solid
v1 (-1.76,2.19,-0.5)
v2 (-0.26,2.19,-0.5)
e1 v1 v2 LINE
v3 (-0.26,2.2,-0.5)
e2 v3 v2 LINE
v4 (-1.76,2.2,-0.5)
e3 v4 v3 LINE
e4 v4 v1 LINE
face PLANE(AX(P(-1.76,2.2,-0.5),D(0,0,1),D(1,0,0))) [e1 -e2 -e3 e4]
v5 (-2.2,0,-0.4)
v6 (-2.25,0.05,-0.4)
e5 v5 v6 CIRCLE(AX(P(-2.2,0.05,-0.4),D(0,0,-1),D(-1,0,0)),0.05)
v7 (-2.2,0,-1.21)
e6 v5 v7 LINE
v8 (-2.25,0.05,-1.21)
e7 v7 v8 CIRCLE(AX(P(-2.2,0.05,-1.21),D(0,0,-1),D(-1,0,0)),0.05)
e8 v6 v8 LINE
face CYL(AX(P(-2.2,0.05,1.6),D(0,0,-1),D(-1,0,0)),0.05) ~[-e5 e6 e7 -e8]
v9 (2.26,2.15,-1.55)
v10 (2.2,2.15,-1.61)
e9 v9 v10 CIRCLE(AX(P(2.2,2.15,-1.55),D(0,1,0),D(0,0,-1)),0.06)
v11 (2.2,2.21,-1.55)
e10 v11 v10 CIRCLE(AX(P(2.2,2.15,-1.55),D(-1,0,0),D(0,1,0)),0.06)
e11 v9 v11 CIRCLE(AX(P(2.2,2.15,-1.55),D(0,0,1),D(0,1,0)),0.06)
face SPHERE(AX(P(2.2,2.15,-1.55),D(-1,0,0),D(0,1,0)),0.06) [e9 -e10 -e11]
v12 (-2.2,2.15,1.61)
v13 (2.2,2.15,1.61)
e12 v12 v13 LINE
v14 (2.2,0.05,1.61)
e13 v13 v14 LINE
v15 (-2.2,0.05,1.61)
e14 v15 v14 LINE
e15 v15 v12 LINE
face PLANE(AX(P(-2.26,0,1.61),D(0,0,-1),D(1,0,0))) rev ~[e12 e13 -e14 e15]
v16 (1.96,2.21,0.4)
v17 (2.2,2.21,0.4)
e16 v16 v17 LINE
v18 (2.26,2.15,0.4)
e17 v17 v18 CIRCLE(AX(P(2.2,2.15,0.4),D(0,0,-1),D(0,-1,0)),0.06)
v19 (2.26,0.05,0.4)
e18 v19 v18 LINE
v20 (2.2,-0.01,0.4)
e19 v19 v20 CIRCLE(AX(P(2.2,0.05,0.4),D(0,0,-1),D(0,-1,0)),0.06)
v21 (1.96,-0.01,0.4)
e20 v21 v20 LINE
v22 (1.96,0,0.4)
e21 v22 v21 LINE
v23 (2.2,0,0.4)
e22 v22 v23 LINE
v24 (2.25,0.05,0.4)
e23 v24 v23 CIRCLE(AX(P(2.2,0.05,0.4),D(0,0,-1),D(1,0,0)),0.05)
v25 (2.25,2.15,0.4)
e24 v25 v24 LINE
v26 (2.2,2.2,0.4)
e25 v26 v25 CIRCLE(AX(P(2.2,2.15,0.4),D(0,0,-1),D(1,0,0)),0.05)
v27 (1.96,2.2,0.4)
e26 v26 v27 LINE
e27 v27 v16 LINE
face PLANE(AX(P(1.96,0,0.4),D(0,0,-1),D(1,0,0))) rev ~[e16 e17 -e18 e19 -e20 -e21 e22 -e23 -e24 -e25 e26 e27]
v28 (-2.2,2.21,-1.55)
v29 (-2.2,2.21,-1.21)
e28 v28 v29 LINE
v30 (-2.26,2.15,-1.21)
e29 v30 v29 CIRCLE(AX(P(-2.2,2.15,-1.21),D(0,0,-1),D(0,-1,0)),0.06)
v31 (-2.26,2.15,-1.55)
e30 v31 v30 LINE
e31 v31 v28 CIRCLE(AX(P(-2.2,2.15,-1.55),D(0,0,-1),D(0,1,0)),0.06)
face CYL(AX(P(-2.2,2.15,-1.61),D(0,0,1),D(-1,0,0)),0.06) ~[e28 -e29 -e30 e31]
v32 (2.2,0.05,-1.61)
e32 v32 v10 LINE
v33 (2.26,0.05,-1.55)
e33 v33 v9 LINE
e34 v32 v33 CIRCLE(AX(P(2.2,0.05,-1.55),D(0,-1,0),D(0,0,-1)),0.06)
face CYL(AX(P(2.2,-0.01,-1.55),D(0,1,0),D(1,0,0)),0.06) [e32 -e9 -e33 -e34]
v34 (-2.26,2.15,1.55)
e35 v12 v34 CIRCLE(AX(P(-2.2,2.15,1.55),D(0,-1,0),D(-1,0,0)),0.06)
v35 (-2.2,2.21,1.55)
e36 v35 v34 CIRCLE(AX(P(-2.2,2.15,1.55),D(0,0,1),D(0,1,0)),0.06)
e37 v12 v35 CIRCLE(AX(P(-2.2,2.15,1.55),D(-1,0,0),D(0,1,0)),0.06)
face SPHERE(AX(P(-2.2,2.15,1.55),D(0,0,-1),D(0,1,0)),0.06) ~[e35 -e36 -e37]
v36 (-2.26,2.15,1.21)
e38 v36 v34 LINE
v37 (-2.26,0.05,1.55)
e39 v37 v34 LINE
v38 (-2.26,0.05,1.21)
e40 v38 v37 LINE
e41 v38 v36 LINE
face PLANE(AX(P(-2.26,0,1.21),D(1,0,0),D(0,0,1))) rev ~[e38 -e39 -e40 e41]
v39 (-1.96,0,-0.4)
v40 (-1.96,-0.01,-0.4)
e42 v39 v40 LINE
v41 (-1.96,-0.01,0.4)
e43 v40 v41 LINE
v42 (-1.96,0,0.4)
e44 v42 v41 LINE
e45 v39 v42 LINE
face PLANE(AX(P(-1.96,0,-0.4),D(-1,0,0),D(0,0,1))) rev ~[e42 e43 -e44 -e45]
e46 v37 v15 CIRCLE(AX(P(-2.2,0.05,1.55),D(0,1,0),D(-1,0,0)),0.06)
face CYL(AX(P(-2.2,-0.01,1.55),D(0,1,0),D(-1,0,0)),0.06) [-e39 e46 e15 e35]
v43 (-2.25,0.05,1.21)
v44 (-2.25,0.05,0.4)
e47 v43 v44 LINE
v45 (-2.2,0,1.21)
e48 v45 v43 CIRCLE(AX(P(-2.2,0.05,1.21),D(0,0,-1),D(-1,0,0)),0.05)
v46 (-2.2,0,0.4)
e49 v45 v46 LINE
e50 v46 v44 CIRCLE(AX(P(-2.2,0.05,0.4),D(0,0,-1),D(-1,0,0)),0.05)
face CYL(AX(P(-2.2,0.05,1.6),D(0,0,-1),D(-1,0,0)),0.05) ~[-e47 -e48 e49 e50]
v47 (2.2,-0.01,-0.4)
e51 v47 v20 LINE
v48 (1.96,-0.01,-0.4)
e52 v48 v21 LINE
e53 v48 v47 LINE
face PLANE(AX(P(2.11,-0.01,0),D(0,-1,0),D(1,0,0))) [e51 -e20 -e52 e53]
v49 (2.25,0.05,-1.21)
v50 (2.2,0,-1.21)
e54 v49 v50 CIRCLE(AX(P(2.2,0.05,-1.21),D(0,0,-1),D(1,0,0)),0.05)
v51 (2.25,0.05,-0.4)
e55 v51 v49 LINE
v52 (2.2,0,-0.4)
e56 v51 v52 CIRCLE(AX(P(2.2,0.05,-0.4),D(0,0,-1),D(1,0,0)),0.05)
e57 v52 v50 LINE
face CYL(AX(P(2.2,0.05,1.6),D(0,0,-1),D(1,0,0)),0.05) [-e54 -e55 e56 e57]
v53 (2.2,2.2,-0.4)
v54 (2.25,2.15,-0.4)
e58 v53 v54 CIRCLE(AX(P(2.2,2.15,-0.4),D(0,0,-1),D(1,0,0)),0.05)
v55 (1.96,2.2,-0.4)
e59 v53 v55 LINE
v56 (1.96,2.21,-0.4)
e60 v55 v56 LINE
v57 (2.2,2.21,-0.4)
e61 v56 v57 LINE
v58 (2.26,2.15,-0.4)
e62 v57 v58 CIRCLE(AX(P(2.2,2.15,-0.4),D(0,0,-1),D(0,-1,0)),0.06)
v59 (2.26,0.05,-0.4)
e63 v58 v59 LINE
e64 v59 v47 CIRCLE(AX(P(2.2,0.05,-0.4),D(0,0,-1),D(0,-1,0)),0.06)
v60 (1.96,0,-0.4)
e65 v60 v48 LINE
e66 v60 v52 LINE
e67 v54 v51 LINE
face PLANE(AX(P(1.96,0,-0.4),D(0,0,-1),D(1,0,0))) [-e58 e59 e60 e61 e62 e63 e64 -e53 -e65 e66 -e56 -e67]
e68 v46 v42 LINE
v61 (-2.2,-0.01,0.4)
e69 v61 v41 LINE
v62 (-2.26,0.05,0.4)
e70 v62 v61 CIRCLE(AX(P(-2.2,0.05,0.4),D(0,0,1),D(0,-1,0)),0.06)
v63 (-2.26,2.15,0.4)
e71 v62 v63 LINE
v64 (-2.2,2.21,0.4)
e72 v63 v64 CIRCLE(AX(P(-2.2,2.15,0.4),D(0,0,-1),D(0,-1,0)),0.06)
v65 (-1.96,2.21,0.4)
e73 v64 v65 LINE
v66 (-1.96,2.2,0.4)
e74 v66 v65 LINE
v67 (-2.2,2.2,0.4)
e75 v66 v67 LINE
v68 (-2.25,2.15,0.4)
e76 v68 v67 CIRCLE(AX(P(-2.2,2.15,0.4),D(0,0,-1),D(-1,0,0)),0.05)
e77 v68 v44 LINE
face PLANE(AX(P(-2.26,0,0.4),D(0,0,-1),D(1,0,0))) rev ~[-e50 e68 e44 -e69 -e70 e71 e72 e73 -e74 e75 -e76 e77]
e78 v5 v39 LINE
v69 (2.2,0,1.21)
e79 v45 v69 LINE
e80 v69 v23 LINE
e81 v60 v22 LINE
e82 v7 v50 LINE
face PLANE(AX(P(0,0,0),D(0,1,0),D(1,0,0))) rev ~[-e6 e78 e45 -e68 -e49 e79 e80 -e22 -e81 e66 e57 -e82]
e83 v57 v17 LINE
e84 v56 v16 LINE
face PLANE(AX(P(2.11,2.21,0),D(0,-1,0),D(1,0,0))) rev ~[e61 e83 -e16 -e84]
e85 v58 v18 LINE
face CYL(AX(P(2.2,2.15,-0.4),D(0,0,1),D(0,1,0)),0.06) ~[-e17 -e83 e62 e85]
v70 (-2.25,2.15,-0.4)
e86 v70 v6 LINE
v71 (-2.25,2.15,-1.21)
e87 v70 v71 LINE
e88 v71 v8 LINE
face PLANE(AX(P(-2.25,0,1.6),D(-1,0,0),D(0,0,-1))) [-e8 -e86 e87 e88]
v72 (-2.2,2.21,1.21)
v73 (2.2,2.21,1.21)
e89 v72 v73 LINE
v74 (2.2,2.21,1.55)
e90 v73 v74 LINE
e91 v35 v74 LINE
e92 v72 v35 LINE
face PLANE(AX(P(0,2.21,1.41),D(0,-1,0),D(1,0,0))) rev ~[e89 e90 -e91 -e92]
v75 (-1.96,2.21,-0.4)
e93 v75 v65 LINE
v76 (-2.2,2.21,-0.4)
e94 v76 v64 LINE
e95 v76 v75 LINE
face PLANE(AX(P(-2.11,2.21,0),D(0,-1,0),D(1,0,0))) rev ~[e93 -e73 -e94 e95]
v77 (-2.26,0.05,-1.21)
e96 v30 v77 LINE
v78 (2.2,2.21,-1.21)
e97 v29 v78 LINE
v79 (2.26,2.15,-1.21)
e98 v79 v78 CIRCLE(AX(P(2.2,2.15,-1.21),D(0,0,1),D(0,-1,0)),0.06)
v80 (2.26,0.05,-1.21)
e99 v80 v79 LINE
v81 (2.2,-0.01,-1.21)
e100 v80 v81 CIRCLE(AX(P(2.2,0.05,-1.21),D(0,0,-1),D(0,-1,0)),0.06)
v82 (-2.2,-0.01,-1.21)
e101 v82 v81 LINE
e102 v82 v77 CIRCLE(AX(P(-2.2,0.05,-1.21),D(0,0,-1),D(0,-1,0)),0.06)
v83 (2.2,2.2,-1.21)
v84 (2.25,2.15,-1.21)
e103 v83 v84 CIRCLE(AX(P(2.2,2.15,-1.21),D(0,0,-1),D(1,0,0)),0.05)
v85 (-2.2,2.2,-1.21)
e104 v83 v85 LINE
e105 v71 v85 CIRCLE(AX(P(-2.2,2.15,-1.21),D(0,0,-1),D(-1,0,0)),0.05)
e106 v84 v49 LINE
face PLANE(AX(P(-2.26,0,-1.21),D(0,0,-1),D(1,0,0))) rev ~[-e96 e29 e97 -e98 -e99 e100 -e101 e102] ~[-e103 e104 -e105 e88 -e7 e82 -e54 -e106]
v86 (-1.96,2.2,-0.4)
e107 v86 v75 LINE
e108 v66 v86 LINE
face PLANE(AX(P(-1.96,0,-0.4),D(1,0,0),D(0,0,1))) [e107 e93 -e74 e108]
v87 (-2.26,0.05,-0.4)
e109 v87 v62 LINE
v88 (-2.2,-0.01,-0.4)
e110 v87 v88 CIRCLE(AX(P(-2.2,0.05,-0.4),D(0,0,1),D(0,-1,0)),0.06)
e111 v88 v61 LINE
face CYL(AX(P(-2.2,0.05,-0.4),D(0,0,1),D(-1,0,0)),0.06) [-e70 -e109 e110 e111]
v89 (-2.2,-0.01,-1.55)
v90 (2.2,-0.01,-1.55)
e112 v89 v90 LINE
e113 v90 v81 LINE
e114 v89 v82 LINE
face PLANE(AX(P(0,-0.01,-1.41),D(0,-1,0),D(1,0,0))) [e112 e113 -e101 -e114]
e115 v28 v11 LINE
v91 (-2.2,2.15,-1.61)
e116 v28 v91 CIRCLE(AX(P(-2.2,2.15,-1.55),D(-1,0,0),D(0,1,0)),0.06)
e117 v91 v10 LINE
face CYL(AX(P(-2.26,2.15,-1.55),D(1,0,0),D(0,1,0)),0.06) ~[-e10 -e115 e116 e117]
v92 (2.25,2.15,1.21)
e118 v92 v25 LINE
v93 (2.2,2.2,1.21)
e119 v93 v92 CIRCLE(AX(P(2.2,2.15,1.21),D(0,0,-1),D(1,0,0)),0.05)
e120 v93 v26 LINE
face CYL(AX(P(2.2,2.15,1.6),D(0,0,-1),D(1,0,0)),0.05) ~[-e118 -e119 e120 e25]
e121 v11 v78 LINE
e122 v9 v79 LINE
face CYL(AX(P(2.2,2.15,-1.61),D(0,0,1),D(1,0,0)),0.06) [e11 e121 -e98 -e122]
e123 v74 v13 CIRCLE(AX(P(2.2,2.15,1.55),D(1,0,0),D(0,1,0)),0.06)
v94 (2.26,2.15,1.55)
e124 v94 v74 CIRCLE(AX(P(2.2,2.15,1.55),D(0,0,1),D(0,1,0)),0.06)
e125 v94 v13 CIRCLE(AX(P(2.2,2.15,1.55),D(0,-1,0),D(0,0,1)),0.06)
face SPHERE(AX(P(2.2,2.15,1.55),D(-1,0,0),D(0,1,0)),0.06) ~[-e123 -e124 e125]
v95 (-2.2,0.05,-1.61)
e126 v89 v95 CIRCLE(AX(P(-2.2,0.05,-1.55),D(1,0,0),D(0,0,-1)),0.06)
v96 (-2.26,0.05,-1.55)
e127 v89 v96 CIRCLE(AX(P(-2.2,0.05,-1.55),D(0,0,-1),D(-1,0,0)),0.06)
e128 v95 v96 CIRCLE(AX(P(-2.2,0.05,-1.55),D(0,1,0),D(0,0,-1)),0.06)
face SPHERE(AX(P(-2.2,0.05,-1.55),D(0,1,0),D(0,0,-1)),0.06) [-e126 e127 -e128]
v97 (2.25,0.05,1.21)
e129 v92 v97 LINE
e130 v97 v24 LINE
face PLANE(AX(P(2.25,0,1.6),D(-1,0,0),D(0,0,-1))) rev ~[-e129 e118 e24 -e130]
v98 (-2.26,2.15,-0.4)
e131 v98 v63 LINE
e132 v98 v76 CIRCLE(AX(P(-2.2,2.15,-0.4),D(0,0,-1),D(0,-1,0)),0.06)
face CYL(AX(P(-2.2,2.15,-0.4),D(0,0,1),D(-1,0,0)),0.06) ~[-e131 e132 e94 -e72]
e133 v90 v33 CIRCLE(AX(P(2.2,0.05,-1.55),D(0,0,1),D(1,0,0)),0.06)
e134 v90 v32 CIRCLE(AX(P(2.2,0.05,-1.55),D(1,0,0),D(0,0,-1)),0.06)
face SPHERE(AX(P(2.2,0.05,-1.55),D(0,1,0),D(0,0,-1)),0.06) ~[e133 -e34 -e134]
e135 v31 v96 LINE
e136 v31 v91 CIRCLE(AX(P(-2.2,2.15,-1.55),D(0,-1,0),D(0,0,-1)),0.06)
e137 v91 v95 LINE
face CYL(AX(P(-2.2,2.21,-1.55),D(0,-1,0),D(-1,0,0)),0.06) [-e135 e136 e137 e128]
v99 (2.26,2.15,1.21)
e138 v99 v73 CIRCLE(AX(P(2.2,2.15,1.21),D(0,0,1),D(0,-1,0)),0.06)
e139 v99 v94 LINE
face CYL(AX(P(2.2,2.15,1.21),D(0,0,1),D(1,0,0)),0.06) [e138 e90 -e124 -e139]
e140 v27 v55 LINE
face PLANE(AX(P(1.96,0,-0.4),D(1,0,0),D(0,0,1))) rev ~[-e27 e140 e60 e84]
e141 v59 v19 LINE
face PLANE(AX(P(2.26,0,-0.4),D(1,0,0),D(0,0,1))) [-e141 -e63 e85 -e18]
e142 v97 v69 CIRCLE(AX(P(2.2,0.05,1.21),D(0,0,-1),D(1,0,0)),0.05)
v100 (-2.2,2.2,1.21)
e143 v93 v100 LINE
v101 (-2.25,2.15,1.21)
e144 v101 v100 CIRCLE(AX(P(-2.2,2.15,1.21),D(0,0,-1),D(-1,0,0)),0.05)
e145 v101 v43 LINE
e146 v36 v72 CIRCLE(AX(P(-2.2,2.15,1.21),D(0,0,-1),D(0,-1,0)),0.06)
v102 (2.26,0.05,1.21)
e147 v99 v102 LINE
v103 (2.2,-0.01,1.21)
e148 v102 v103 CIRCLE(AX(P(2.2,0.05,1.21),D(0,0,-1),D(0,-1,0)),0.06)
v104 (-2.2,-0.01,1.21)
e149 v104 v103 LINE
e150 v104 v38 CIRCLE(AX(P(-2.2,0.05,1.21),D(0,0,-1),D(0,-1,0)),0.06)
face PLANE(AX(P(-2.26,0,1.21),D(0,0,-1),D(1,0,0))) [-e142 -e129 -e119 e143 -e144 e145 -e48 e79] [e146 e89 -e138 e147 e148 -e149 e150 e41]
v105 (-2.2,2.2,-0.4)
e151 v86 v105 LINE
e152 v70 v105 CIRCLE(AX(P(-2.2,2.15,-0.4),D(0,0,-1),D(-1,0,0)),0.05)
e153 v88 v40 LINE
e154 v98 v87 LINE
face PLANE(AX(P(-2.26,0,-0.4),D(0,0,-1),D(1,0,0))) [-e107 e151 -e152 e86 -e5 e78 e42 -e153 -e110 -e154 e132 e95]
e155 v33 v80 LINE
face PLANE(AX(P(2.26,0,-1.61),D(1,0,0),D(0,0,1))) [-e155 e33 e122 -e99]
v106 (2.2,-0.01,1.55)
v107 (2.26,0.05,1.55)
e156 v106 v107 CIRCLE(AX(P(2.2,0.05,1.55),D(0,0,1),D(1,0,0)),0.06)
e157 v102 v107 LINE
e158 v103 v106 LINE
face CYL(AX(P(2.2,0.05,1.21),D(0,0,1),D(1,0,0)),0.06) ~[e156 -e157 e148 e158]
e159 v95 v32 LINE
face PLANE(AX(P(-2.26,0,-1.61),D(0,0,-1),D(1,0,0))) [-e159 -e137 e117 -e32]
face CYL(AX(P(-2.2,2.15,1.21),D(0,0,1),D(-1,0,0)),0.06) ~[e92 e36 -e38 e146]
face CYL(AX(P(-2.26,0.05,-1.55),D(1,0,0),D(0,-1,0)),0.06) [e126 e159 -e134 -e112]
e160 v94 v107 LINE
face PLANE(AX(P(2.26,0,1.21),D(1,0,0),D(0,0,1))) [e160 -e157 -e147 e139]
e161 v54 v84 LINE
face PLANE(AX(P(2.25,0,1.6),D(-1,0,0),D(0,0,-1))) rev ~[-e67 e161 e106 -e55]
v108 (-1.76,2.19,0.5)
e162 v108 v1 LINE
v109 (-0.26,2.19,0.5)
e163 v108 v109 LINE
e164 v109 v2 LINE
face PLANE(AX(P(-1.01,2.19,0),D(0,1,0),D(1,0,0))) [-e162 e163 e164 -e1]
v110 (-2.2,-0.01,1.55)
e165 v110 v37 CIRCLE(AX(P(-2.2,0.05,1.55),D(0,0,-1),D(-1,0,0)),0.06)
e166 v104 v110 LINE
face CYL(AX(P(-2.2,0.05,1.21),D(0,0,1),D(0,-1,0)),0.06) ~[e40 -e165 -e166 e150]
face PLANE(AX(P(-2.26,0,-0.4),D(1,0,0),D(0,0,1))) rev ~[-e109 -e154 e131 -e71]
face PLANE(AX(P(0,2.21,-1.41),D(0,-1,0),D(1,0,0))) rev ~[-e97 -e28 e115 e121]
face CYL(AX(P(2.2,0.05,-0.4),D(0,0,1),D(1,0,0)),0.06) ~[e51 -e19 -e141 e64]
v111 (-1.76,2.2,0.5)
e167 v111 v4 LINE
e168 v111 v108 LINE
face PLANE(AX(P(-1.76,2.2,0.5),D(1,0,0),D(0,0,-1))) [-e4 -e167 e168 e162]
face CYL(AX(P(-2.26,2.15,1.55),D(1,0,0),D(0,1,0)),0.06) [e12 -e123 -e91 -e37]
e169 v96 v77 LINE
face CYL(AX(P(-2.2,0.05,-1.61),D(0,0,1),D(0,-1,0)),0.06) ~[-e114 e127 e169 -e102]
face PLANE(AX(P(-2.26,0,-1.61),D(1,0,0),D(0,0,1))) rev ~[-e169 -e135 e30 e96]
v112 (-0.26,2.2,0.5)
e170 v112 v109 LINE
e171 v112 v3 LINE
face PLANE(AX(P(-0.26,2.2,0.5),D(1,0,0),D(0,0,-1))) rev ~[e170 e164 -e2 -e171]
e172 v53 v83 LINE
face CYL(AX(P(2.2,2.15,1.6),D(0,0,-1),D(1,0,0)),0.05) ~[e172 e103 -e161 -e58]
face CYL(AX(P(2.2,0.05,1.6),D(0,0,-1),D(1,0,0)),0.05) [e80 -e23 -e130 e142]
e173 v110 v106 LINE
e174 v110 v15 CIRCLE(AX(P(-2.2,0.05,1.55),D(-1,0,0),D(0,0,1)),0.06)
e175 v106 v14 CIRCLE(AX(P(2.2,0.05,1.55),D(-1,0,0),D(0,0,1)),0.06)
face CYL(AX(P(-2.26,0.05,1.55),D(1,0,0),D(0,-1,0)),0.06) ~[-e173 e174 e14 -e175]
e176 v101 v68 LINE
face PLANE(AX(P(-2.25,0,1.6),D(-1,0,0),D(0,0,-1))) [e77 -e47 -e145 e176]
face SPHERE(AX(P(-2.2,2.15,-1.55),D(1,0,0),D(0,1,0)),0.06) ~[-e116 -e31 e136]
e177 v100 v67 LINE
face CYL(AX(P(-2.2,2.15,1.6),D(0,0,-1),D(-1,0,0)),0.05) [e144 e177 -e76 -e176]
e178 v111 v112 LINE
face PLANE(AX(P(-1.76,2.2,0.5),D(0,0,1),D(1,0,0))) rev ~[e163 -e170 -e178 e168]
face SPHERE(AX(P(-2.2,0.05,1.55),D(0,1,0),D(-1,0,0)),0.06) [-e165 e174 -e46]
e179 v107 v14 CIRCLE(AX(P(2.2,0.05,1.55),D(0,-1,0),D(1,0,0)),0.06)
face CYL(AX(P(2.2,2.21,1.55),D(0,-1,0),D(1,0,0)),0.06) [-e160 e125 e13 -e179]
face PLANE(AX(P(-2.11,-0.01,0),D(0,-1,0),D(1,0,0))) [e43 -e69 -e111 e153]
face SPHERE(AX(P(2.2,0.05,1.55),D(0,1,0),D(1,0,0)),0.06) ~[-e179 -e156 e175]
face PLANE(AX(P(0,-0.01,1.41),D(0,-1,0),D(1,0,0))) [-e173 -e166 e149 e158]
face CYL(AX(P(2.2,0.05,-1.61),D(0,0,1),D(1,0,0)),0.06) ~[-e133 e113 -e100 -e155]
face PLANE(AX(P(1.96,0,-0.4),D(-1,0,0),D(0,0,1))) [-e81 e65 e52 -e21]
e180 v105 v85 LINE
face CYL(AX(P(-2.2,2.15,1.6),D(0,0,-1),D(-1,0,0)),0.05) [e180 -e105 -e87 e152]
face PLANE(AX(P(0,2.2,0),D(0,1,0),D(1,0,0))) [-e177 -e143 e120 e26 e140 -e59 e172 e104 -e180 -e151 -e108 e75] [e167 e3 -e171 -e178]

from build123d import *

# Parameters (mm, degrees)
SKETCH1_W           = 4.5
SKETCH1_H           = 3.2
BOSS_EXTRUDE1_DEPTH = 2.2
FILLET1_R           = 0.05
SKETCH2_W           = 0.3
SKETCH2_H           = 0.8
SKETCH2_W_2         = 4.52
SKETCH2_H_2         = 0.4
BOSS_EXTRUDE2_DEPTH = 0.01
SKETCH4_W           = 0.3
SKETCH4_H           = 0.8
SKETCH4_W_2         = 4.52
SKETCH4_H_2         = 0.4
BOSS_EXTRUDE3_DEPTH = 2.21
SKETCH3_W           = 1.5
SKETCH3_H           = 1
CUT_EXTRUDE1_DEPTH  = 0.01
FILLET2_R           = 0.06


with BuildPart() as part:
    # Sketch1 → Boss-Extrude1 (new body)
    with BuildSketch(Plane(origin=(0, 0, 0), x_dir=(1, 0, 0), z_dir=(0, 1, 0))):
        Rectangle(SKETCH1_W, SKETCH1_H)
    extrude(amount=BOSS_EXTRUDE1_DEPTH)

    # Fillet1
    fillet1_edges = [part.edges().sort_by_distance(p)[0] for p in [
        (-2.25, 2.2, 0),
        (0, 2.2, 1.6),
        (2.25, 2.2, 0),
        (0, 0, 1.6),
        (-2.25, 0, 0),
        (0, 0, -1.6),
        (2.25, 0, 0),
        (2.25, 1.1, 1.6),
        (-2.25, 1.1, 1.6),
        (-2.25, 1.1, -1.6),
        (2.25, 1.1, -1.6),
        (0, 2.2, -1.6),
    ]]
    fillet(fillet1_edges, radius=FILLET1_R)

    # Sketch2 → Boss-Extrude2 (add)
    with BuildSketch(Plane.XZ):
        with Locations((-2.11, 0)):
            Rectangle(SKETCH2_W, SKETCH2_H)
        with Locations((2.11, 0)):
            Rectangle(SKETCH2_W, SKETCH2_H)
        with Locations((0, 1.41)):
            Rectangle(SKETCH2_W_2, SKETCH2_H_2)
        with Locations((0, -1.41)):
            Rectangle(SKETCH2_W_2, SKETCH2_H_2)
    extrude(amount=BOSS_EXTRUDE2_DEPTH)

    # Sketch4 → Boss-Extrude3 (add)
    with BuildSketch(Plane.XZ):
        with Locations((-2.11, 0)):
            Rectangle(SKETCH4_W, SKETCH4_H)
        with Locations((0, 1.41)):
            Rectangle(SKETCH4_W_2, SKETCH4_H_2)
        with Locations((2.11, 0)):
            Rectangle(SKETCH4_W, SKETCH4_H)
        with Locations((0, -1.41)):
            Rectangle(SKETCH4_W_2, SKETCH4_H_2)
    extrude(amount=-BOSS_EXTRUDE3_DEPTH)

    # Sketch3 → Cut-Extrude1 (cut)
    with BuildSketch(Plane(origin=(0, 2.2, 0), x_dir=(1, 0, 0), z_dir=(0, 1, 0))):
        with Locations((-1.01, 0)):
            Rectangle(SKETCH3_W, SKETCH3_H)
    extrude(amount=-CUT_EXTRUDE1_DEPTH, mode=Mode.SUBTRACT)

    # Fillet2
    fillet2_edges = [part.edges().sort_by_distance(p)[0] for p in [
        (-2.26, 2.21, 0),
        (-2.26, 2.21, 1.41),
        (0, 2.21, 1.61),
        (2.26, 2.21, 1.41),
        (2.26, 2.21, 0),
        (0, 2.21, -1.61),
        (-2.26, 2.21, -1.41),
        (2.26, 2.21, -1.41),
        (-2.26, -0.01, 0),
        (2.26, -0.01, 0),
        (-2.26, 1.1, 1.61),
        (2.26, 1.1, 1.61),
        (-2.26, -0.01, 1.41),
        (2.26, -0.01, 1.41),
        (0, -0.01, 1.61),
        (-2.26, 1.1, -1.61),
        (2.26, 1.1, -1.61),
        (0, -0.01, -1.61),
        (2.26, -0.01, -1.41),
        (-2.26, -0.01, -1.41),
    ]]
    fillet(fillet2_edges, radius=FILLET2_R)


solid = part.part
